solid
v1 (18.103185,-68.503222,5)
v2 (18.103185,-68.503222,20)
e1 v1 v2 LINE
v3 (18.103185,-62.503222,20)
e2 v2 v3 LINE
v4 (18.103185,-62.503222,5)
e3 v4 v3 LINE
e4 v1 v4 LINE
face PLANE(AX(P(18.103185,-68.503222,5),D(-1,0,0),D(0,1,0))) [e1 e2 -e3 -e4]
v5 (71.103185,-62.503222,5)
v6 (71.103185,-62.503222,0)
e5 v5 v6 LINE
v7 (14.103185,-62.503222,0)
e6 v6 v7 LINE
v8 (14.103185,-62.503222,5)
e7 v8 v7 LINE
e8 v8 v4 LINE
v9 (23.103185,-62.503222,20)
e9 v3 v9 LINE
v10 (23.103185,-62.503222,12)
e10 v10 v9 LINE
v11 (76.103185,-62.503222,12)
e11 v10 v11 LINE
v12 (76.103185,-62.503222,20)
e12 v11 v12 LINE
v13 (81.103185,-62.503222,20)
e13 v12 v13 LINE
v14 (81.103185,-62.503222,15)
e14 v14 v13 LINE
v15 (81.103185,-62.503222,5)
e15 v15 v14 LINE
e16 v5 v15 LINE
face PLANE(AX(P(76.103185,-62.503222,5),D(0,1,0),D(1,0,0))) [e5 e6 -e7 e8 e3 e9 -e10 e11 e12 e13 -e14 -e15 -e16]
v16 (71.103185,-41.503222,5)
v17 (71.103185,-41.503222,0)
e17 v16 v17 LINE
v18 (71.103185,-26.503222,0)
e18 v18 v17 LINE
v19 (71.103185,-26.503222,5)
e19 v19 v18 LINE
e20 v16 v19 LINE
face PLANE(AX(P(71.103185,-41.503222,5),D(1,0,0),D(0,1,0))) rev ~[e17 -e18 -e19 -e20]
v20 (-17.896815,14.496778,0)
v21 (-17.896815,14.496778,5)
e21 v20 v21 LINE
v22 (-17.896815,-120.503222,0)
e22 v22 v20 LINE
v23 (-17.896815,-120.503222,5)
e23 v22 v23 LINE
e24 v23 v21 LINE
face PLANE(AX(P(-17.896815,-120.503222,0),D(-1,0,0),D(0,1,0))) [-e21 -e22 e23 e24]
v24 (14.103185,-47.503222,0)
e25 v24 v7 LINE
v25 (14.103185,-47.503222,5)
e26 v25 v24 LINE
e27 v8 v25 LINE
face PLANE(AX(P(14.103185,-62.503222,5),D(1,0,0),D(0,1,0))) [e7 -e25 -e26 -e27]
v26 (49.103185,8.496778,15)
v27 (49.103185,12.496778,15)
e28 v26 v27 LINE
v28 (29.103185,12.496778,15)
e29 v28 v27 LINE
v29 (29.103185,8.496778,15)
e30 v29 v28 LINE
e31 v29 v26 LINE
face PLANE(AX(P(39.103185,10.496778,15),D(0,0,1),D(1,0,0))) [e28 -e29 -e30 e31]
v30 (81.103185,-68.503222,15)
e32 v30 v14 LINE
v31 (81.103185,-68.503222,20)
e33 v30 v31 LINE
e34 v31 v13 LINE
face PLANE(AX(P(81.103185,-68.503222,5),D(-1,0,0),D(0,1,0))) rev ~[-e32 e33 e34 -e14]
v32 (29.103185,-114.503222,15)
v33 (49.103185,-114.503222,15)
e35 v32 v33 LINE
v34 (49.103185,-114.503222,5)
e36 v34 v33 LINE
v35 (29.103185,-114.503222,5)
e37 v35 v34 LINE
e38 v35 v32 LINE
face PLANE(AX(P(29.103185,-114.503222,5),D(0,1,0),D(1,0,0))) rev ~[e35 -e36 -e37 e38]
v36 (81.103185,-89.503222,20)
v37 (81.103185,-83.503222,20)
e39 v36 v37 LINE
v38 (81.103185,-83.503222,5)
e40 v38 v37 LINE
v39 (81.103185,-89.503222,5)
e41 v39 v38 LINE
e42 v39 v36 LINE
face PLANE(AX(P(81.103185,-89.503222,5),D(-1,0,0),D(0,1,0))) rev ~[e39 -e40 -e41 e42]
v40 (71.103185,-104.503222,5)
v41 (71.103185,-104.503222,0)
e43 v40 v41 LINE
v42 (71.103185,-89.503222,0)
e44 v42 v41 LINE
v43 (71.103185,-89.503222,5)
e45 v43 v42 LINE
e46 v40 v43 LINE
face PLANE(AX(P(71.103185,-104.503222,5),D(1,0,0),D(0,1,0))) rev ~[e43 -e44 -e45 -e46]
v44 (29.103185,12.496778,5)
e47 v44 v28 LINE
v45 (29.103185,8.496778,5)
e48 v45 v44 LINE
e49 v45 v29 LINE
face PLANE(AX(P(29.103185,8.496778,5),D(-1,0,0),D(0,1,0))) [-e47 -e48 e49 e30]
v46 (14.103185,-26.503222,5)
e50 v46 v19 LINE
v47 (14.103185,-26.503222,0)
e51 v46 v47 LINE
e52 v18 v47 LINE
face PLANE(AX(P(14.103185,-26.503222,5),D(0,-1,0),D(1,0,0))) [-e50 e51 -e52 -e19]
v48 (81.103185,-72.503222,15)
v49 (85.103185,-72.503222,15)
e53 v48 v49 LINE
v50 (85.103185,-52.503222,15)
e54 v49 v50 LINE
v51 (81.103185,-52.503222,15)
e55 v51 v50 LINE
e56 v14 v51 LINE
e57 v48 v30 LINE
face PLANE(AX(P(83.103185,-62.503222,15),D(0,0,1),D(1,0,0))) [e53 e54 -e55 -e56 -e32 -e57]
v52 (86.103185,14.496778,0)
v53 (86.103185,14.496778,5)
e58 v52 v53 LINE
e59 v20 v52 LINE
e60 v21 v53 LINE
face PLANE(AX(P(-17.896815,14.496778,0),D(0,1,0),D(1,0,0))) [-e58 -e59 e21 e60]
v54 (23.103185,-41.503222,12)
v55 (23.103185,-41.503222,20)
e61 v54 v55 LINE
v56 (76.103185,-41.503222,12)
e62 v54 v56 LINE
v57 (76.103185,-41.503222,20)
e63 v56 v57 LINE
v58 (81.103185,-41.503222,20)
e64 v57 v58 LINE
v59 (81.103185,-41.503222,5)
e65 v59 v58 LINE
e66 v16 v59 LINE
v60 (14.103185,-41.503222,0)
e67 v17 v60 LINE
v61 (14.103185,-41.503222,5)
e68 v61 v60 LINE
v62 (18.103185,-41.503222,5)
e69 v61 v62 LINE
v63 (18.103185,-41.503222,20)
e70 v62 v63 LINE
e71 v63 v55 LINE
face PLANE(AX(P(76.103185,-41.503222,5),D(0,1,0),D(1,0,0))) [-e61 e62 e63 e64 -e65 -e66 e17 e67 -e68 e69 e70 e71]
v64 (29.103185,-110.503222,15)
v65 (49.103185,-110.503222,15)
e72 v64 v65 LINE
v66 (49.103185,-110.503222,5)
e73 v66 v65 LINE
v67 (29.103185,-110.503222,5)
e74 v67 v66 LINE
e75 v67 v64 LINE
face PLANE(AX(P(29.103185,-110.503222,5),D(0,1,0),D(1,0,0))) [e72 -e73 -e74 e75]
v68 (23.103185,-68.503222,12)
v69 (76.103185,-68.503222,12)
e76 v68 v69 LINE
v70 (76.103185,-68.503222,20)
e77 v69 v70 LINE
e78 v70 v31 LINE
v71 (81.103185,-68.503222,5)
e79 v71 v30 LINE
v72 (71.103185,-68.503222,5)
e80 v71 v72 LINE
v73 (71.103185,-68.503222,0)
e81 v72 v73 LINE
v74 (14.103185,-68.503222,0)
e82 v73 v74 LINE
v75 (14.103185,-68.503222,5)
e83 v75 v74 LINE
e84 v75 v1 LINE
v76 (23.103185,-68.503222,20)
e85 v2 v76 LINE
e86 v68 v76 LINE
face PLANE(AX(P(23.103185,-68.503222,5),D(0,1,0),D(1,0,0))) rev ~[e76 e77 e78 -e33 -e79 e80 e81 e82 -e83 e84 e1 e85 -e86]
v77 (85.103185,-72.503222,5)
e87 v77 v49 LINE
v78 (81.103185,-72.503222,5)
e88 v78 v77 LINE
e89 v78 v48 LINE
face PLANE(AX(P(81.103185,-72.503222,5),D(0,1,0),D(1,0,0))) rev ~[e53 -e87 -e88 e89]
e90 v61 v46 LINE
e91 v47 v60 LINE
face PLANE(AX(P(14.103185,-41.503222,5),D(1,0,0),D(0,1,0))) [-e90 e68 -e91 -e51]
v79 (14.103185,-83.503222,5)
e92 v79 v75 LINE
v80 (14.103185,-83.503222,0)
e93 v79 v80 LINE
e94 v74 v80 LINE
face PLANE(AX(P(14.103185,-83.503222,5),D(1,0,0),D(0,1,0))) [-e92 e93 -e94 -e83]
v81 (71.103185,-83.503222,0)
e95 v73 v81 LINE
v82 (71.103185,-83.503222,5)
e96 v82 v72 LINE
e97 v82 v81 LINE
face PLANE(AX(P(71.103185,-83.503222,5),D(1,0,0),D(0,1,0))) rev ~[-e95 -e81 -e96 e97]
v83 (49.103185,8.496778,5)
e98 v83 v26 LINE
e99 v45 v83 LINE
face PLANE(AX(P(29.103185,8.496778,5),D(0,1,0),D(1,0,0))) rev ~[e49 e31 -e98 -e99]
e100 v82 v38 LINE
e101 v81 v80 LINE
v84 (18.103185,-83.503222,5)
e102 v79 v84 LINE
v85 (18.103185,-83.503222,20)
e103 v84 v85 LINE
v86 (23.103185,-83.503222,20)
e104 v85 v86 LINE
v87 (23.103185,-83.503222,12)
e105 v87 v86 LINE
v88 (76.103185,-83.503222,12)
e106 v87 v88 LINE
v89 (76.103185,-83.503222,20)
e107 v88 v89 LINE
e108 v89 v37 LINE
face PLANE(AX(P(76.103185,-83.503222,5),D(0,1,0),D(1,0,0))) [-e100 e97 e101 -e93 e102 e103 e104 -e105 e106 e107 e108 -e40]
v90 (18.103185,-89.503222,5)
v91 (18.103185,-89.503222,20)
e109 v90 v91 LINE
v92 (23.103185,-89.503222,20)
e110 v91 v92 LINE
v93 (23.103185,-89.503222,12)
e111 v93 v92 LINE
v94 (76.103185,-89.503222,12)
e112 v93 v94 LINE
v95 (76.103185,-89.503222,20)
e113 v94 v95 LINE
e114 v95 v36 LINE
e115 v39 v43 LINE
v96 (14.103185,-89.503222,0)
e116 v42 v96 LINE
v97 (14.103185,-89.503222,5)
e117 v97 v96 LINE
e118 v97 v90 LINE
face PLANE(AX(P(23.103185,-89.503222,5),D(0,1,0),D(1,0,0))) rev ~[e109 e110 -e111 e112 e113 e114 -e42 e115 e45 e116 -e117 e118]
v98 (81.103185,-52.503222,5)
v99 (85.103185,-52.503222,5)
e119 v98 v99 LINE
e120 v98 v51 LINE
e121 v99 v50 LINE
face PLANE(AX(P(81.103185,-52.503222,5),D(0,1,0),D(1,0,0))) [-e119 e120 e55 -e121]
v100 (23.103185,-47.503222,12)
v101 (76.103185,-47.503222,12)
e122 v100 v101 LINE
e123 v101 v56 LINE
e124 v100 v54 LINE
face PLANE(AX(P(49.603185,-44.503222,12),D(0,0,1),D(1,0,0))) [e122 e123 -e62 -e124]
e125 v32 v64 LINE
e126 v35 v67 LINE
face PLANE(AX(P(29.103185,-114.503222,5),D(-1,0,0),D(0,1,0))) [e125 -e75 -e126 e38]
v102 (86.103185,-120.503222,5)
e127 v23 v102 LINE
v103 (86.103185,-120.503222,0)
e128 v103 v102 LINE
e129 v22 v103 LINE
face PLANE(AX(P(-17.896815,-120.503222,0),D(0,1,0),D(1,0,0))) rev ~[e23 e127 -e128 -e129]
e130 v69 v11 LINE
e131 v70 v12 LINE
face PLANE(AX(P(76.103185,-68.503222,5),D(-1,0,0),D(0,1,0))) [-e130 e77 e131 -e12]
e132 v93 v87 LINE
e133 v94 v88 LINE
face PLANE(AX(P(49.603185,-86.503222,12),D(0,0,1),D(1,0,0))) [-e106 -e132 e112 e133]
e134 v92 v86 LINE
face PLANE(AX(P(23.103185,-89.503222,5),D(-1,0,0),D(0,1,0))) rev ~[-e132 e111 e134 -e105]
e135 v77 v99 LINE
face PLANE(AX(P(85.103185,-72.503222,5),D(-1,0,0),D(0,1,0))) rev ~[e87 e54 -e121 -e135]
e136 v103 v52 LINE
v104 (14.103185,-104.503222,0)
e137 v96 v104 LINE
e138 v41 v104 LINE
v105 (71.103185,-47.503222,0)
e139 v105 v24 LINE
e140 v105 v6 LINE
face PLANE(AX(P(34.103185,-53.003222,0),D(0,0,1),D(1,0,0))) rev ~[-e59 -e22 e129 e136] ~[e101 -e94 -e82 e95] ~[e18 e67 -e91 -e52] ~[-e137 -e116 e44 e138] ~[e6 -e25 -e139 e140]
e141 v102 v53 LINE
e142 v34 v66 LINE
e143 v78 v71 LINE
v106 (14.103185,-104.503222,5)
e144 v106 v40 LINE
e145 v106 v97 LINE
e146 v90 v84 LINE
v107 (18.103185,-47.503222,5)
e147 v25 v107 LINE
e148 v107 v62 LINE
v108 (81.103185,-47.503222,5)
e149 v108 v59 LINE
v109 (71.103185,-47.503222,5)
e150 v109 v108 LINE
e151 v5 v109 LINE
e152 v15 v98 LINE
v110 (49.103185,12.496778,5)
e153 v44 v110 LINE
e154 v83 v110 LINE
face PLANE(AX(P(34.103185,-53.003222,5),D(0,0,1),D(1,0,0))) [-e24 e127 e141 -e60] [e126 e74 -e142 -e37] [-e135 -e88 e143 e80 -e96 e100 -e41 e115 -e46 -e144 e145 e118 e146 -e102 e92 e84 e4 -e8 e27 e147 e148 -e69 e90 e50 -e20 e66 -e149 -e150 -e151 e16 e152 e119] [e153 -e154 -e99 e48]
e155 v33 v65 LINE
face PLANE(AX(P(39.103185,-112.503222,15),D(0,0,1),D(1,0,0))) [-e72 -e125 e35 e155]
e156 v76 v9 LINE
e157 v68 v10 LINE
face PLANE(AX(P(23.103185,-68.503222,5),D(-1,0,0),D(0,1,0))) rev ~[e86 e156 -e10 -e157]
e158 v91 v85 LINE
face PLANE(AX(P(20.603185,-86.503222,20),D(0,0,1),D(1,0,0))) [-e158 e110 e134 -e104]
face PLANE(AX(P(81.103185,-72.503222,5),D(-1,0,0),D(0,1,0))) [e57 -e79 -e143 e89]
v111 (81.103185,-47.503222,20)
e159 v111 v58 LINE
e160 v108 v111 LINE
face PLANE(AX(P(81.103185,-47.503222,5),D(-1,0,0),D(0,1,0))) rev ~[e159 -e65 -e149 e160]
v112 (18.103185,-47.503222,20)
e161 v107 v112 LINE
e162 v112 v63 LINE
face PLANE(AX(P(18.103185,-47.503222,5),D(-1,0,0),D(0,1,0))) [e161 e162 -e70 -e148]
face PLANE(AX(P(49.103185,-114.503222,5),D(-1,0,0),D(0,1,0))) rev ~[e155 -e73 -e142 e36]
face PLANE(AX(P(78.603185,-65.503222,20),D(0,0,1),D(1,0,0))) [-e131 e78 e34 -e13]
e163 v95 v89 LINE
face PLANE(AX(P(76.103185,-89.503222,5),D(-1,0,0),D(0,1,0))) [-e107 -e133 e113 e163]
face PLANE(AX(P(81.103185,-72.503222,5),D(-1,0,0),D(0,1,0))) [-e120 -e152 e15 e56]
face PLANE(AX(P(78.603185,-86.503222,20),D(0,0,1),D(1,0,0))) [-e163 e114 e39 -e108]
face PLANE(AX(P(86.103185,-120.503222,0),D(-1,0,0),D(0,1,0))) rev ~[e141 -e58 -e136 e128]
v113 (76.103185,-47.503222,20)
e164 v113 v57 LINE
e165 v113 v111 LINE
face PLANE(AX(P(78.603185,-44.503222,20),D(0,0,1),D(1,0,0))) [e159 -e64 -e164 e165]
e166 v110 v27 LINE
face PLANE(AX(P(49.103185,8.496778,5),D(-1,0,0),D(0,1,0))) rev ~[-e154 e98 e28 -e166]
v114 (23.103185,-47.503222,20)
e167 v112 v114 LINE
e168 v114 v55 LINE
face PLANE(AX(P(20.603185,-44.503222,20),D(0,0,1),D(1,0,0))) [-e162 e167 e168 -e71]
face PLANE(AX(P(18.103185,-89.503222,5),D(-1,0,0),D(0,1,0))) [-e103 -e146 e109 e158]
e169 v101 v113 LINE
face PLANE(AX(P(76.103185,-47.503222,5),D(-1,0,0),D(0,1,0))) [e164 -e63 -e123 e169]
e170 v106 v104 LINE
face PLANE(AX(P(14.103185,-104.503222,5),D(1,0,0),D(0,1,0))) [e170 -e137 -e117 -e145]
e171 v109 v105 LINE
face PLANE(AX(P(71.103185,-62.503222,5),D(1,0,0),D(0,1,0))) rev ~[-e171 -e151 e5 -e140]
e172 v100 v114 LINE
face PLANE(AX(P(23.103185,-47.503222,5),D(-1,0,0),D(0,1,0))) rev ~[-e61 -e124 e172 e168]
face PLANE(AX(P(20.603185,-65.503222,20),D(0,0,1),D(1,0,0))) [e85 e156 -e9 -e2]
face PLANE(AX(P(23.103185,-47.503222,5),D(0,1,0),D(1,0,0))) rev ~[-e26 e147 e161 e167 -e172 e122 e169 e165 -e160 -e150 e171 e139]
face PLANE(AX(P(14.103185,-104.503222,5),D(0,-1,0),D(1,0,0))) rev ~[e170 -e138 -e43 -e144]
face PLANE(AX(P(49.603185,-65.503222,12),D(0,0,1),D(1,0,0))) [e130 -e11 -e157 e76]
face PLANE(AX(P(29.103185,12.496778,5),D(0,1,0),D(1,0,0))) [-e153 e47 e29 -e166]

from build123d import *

# Parameters (mm, degrees)
SKETCH_1_W          = 104
SKETCH_1_H          = 135
EXTRUDE_2_DEPTH     = 5
SKETCH_2_W          = 20
SKETCH_2_H          = 4
SKETCH_2_W_2        = 4
SKETCH_2_H_2        = 20
EXTRUDE_3_DEPTH     = 10
CUT_EXTRUDE_1_REACH = 7
SKETCH_3_W          = 57
SKETCH_3_H          = 15
SKETCH_4_W          = 5
SKETCH_4_H          = 6
EXTRUDE_4_DEPTH     = 15
SKETCH_6_W          = 53
SKETCH_6_H          = 6
EXTRUDE_5_DEPTH     = 7


with BuildPart() as part:
    # 草圖1 → 填料-伸長2 (new body)
    with BuildSketch(Plane.XY):
        with Locations((34.103184984, -53.003221767)):
            Rectangle(SKETCH_1_W, SKETCH_1_H)
    extrude(amount=EXTRUDE_2_DEPTH)

    # 草圖2 → 填料-伸長3 (add)
    with BuildSketch(Plane.XY.offset(5)):
        with Locations((39.103184984, 10.496778233)):
            Rectangle(SKETCH_2_W, SKETCH_2_H)
        with Locations((39.103184984, -112.503221767)):
            Rectangle(SKETCH_2_W, SKETCH_2_H)
        with Locations((83.103184984, -62.503221767)):
            Rectangle(SKETCH_2_W_2, SKETCH_2_H_2)
    extrude(amount=EXTRUDE_3_DEPTH)

    # 草圖3 → 除料-伸長1 (cut, up to next)
    with BuildSketch(Plane.XY.offset(5), mode=Mode.PRIVATE) as cut_extrude_1_sk1:
        with Locations((42.603184984, -97.003221767)):
            Rectangle(SKETCH_3_W, SKETCH_3_H)
    cut_extrude_1_tool1 = extrude(cut_extrude_1_sk1.sketch, amount=-CUT_EXTRUDE_1_REACH, mode=Mode.PRIVATE) & part.part
    add(cut_extrude_1_tool1.solids().sort_by_distance((42.603185, -97.003222, 5))[0], mode=Mode.SUBTRACT)
    # 草圖3 → 除料-伸長1 (cut, up to next)
    with BuildSketch(Plane.XY.offset(5), mode=Mode.PRIVATE) as cut_extrude_1_sk2:
        with Locations((42.603184984, -76.003221767)):
            Rectangle(SKETCH_3_W, SKETCH_3_H)
    cut_extrude_1_tool2 = extrude(cut_extrude_1_sk2.sketch, amount=-CUT_EXTRUDE_1_REACH, mode=Mode.PRIVATE) & part.part
    add(cut_extrude_1_tool2.solids().sort_by_distance((42.603185, -76.003222, 5))[0], mode=Mode.SUBTRACT)
    # 草圖3 → 除料-伸長1 (cut, up to next)
    with BuildSketch(Plane.XY.offset(5), mode=Mode.PRIVATE) as cut_extrude_1_sk3:
        with Locations((42.603184984, -55.003221767)):
            Rectangle(SKETCH_3_W, SKETCH_3_H)
    cut_extrude_1_tool3 = extrude(cut_extrude_1_sk3.sketch, amount=-CUT_EXTRUDE_1_REACH, mode=Mode.PRIVATE) & part.part
    add(cut_extrude_1_tool3.solids().sort_by_distance((42.603185, -55.003222, 5))[0], mode=Mode.SUBTRACT)
    # 草圖3 → 除料-伸長1 (cut, up to next)
    with BuildSketch(Plane.XY.offset(5), mode=Mode.PRIVATE) as cut_extrude_1_sk4:
        with Locations((42.603184984, -34.003221767)):
            Rectangle(SKETCH_3_W, SKETCH_3_H)
    cut_extrude_1_tool4 = extrude(cut_extrude_1_sk4.sketch, amount=-CUT_EXTRUDE_1_REACH, mode=Mode.PRIVATE) & part.part
    add(cut_extrude_1_tool4.solids().sort_by_distance((42.603185, -34.003222, 5))[0], mode=Mode.SUBTRACT)

    # 草圖4 → 填料-伸長4 (add)
    with BuildSketch(Plane.XY.offset(5)):
        with Locations((20.603184984, -44.503221767)):
            Rectangle(SKETCH_4_W, SKETCH_4_H)
        with Locations((78.603184984, -44.503221767)):
            Rectangle(SKETCH_4_W, SKETCH_4_H)
        with Locations((20.603184984, -65.503221767)):
            Rectangle(SKETCH_4_W, SKETCH_4_H)
        with Locations((78.603184984, -65.503221767)):
            Rectangle(SKETCH_4_W, SKETCH_4_H)
        with Locations((20.603184984, -86.503221767)):
            Rectangle(SKETCH_4_W, SKETCH_4_H)
        with Locations((78.603184984, -86.503221767)):
            Rectangle(SKETCH_4_W, SKETCH_4_H)
    extrude(amount=EXTRUDE_4_DEPTH)

    # 草圖6 → 填料-伸長5 (add)
    with BuildSketch(Plane.XY.offset(5)):
        with Locations((49.603184984, -44.503221767)):
            Rectangle(SKETCH_6_W, SKETCH_6_H)
        with Locations((49.603184984, -65.503221767)):
            Rectangle(SKETCH_6_W, SKETCH_6_H)
        with Locations((49.603184984, -86.503221767)):
            Rectangle(SKETCH_6_W, SKETCH_6_H)
    extrude(amount=EXTRUDE_5_DEPTH)


solid = part.part
